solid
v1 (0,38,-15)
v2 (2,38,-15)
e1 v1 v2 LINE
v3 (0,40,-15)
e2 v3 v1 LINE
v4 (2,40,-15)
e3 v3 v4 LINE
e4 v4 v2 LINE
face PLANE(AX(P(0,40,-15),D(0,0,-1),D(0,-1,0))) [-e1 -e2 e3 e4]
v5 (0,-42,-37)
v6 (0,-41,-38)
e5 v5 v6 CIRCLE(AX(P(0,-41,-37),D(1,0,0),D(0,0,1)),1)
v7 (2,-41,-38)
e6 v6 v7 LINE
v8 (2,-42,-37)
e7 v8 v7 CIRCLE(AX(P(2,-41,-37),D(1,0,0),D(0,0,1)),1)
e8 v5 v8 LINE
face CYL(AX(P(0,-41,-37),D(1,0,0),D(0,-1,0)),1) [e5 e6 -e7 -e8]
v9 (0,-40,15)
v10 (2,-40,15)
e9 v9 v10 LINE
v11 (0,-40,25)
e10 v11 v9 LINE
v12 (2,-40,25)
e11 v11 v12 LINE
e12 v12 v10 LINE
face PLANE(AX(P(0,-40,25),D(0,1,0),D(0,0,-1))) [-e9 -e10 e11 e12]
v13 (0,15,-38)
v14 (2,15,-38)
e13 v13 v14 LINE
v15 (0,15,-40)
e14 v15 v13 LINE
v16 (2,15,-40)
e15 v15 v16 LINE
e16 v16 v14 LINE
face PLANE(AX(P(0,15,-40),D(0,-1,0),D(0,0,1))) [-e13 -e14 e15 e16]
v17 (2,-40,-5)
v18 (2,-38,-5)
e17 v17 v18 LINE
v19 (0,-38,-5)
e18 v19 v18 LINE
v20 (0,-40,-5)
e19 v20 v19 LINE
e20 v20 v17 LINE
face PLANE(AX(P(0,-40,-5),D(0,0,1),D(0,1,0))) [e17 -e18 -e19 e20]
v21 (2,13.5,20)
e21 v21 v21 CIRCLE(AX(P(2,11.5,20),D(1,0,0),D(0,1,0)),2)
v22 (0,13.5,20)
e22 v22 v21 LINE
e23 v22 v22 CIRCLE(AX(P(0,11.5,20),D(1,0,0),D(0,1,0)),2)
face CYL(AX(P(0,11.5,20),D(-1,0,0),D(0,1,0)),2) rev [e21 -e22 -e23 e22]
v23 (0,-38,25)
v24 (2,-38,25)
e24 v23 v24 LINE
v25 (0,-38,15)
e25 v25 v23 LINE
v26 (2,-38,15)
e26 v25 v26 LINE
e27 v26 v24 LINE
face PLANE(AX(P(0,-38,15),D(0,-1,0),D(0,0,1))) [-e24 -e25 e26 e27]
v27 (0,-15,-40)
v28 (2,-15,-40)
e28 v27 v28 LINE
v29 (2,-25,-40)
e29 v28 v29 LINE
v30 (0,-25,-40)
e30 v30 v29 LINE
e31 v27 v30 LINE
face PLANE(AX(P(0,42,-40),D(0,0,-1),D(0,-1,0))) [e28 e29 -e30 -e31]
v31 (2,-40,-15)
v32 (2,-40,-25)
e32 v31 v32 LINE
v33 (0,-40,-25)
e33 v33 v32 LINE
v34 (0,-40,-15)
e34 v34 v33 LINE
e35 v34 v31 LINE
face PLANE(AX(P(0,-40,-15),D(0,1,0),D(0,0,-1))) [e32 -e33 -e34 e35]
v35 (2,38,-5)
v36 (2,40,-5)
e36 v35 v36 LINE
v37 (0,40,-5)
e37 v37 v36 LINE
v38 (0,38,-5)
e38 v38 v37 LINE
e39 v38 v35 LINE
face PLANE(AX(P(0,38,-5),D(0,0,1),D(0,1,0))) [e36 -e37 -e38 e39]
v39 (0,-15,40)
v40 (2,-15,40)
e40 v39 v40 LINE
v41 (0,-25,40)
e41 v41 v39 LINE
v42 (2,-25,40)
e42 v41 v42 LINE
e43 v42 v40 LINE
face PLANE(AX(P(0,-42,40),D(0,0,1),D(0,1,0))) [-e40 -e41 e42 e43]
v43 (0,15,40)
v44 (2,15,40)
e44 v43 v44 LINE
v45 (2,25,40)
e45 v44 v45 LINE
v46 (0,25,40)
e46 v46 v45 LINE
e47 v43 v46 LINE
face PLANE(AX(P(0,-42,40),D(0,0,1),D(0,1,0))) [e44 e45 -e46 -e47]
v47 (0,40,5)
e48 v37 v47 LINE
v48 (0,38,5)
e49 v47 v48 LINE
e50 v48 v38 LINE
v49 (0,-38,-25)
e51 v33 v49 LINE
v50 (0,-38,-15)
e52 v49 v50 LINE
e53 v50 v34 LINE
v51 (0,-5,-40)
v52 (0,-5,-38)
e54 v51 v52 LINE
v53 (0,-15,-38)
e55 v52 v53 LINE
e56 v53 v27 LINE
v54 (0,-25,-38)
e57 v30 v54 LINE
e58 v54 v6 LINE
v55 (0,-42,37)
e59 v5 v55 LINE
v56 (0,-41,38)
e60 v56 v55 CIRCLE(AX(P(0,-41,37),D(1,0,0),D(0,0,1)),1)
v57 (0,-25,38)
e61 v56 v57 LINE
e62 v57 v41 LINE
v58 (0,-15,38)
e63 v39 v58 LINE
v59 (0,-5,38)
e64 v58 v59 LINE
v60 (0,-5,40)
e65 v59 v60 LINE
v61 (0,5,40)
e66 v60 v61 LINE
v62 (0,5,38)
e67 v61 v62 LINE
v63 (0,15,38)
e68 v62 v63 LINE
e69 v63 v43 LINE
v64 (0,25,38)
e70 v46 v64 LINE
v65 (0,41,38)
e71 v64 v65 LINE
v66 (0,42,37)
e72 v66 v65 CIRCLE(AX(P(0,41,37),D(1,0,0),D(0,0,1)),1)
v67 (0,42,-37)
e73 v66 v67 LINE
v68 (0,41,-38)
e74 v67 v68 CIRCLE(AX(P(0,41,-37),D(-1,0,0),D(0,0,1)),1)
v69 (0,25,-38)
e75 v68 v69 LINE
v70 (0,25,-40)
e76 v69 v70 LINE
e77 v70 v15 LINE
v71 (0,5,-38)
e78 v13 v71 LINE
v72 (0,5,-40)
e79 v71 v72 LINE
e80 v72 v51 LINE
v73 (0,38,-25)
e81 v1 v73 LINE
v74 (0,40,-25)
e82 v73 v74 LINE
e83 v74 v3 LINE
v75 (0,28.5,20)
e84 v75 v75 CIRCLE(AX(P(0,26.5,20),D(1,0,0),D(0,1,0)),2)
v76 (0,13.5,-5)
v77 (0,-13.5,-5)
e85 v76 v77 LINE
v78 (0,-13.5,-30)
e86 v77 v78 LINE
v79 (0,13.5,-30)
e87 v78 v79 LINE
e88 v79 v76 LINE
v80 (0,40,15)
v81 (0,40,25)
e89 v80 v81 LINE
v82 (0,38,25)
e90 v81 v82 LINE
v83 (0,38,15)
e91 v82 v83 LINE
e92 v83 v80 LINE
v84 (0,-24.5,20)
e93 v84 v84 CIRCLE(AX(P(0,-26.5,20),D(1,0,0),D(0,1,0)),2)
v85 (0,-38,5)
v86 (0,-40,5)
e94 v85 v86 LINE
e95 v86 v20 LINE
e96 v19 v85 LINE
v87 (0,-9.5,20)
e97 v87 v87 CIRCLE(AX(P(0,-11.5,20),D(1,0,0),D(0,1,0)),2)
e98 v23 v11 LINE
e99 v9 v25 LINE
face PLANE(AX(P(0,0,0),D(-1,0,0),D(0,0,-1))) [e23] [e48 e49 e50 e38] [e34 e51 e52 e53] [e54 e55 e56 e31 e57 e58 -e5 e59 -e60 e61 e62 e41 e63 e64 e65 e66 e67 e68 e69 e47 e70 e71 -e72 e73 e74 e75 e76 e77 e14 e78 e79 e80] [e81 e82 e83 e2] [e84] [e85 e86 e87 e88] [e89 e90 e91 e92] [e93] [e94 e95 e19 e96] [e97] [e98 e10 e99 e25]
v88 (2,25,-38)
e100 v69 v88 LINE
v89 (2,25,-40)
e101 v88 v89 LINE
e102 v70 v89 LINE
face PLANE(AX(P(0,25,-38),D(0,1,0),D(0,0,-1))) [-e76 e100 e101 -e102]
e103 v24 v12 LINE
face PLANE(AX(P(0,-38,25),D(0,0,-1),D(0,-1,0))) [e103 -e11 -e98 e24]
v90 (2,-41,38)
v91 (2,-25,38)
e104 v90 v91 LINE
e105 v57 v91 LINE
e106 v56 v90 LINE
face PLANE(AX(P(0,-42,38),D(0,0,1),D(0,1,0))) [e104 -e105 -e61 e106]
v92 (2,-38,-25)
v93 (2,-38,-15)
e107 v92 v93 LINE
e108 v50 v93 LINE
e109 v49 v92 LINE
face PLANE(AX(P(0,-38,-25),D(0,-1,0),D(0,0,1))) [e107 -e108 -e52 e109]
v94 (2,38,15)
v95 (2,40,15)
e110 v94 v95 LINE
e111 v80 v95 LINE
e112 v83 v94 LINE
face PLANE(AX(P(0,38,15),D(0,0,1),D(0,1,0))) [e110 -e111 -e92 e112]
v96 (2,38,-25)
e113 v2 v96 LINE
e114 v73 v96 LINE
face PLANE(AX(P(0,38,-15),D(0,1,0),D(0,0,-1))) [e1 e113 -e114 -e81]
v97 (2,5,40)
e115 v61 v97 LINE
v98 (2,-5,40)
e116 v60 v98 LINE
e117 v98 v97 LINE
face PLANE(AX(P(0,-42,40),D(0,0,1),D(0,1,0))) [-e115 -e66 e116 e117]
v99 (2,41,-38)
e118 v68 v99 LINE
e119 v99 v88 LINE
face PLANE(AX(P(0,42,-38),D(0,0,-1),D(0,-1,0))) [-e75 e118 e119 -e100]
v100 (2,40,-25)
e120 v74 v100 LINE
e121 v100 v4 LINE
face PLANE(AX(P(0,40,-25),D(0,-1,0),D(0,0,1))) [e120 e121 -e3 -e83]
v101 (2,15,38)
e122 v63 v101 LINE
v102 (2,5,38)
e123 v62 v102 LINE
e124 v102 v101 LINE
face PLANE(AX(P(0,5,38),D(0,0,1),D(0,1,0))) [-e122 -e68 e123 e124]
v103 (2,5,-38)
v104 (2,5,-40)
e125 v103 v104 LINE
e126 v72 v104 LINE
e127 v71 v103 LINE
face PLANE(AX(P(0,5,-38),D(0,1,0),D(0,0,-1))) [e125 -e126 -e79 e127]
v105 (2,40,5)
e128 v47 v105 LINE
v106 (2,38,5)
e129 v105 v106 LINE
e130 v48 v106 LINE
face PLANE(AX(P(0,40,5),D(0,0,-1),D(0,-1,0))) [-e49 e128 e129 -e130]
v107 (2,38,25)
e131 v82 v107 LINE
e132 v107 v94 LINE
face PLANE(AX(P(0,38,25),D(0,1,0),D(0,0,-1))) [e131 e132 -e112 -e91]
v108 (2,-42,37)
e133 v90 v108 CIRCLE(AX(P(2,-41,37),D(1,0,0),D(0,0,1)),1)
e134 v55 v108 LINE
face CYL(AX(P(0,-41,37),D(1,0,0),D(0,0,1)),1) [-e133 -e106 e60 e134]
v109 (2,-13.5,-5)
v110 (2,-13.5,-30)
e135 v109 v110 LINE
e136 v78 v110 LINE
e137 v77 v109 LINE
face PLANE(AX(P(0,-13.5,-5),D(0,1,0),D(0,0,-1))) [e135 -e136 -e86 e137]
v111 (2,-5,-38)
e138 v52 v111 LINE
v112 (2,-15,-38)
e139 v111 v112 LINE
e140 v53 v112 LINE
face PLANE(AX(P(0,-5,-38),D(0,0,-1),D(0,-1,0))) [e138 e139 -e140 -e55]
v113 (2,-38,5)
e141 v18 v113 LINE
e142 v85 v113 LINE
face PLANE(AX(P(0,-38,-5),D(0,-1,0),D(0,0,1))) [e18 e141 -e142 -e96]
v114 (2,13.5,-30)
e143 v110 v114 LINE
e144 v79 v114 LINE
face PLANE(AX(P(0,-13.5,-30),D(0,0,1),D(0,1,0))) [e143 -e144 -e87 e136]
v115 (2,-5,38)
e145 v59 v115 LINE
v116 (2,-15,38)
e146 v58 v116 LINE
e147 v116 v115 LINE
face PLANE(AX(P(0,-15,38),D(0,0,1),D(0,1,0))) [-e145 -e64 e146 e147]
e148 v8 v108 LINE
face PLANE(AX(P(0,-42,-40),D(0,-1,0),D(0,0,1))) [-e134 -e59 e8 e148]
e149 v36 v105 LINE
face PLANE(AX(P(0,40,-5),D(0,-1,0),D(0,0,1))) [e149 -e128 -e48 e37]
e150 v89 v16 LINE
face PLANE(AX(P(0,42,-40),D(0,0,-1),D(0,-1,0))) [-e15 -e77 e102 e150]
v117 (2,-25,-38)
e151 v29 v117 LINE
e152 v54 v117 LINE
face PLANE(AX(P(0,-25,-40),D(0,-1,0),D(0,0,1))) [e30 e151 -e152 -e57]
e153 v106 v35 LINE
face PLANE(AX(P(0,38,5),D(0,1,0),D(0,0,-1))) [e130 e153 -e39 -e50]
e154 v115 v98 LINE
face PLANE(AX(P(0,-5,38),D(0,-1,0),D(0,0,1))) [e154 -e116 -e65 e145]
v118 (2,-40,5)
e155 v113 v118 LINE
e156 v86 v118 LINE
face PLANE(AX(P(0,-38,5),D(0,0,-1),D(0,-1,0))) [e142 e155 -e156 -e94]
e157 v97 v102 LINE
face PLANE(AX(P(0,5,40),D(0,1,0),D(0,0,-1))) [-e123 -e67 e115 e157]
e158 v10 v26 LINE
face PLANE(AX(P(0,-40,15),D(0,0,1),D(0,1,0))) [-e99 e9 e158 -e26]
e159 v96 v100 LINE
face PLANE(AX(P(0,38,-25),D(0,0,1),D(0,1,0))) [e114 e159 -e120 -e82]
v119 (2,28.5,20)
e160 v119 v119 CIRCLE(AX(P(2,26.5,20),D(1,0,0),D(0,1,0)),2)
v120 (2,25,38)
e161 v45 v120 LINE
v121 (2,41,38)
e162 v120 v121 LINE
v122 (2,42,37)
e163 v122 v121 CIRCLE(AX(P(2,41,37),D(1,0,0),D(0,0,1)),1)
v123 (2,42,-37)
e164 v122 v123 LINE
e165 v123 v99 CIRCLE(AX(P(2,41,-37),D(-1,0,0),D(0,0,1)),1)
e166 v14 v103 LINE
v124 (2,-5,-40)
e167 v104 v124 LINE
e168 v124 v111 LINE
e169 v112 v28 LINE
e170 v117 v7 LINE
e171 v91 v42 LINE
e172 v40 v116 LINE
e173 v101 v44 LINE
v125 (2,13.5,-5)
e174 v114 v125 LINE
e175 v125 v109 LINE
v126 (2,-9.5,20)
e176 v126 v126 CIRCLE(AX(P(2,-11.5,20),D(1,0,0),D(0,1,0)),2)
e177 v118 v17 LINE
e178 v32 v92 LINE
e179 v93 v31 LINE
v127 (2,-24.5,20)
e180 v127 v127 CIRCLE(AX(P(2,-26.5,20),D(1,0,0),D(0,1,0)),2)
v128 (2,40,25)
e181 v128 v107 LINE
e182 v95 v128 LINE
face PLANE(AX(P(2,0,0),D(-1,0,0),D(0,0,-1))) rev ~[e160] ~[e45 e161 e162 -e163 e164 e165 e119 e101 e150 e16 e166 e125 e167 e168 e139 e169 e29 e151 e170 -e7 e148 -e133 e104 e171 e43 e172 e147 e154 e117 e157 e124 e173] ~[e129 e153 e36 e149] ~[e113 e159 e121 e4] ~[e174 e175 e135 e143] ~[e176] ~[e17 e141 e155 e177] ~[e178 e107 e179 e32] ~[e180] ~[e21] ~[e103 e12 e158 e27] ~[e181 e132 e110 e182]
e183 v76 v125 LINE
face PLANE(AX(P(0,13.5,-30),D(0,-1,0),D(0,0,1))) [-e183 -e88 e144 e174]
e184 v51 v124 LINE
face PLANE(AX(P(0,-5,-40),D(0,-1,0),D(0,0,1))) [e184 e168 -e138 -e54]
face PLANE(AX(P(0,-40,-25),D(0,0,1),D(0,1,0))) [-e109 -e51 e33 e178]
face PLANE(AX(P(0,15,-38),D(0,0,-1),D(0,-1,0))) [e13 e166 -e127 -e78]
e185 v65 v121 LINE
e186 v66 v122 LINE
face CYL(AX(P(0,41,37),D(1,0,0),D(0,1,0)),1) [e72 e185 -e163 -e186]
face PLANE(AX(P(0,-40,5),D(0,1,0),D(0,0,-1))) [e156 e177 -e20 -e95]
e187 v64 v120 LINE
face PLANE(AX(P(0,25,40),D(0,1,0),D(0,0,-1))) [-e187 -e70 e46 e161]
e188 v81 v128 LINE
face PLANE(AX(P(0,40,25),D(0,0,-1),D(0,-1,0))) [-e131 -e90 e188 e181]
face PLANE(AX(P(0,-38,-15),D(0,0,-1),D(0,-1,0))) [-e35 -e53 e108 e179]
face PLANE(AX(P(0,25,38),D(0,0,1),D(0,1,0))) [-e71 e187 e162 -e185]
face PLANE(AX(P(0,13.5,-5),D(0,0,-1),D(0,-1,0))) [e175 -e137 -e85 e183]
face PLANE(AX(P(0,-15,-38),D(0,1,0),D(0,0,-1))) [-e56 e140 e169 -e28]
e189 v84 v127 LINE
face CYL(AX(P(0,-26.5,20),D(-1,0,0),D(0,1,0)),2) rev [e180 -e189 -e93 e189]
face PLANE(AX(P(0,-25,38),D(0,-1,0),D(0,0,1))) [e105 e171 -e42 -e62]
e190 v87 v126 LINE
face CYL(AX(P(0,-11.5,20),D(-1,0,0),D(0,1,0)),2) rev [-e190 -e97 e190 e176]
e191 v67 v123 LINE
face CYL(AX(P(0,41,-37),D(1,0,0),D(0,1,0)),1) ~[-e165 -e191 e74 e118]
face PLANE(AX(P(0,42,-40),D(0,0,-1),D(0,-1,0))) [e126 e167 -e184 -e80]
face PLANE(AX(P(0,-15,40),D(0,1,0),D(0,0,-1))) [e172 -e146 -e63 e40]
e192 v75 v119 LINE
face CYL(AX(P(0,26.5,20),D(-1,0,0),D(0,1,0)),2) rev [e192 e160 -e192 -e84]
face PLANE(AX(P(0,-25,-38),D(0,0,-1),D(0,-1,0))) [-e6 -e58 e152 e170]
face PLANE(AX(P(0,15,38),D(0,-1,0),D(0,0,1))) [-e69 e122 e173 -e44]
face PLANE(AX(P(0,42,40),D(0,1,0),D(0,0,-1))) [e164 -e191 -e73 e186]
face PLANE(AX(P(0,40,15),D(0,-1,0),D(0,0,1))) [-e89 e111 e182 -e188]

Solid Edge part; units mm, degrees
sketch "Sketch1" plane through (0, 0, 0) normal (1, 0, 0) x (0, 1, 0)
  line L0 (42, 40) -> (42, -40)
  line L1 (42, -40) -> (-42, -40)
  line L2 (-42, -40) -> (-42, 40)
  line L3 (-42, 40) -> (42, 40)
extrude "Protrusion1" add sketch "Sketch1" along normal blind 2
sketch "Sketch2" plane through (0, 0, 0) normal (1, 0, 0) x (0, 1, 0)
  line L0 (-42, 38) -> (-25, 38)
  line L1 (-25, 38) -> (-25, 40)
  line L2 (-25, 40) -> (-42, 40)
  line L3 (-42, 40) -> (-42, 38)
  line L4 (-5, 40) -> (-15, 40)
  line L5 (-15, 40) -> (-15, 38)
  line L6 (-15, 38) -> (-5, 38)
  line L7 (-5, 38) -> (-5, 40)
  line L8 (15, 40) -> (5, 40)
  line L9 (5, 40) -> (5, 38)
  line L10 (5, 38) -> (15, 38)
  line L11 (15, 38) -> (15, 40)
  line L12 (42, 40) -> (25, 40)
  line L13 (25, 40) -> (25, 38)
  line L14 (25, 38) -> (42, 38)
  line L15 (42, 38) -> (42, 40)
  line L16 (38, 25) -> (38, 15)
  line L17 (38, 15) -> (40, 15)
  line L18 (40, 15) -> (40, 25)
  line L19 (40, 25) -> (38, 25)
  line L20 (38, 5) -> (38, -5)
  line L21 (38, -5) -> (40, -5)
  line L22 (40, -5) -> (40, 5)
  line L23 (40, 5) -> (38, 5)
  line L24 (38, -15) -> (38, -25)
  line L25 (38, -25) -> (40, -25)
  line L26 (40, -25) -> (40, -15)
  line L27 (40, -15) -> (38, -15)
  line L28 (42, -38) -> (25, -38)
  line L29 (25, -38) -> (25, -40)
  line L30 (25, -40) -> (42, -40)
  line L31 (42, -40) -> (42, -38)
  line L32 (15, -38) -> (5, -38)
  line L33 (5, -38) -> (5, -40)
  line L34 (5, -40) -> (15, -40)
  line L35 (15, -40) -> (15, -38)
  line L36 (-5, -38) -> (-15, -38)
  line L37 (-15, -38) -> (-15, -40)
  line L38 (-15, -40) -> (-5, -40)
  line L39 (-5, -40) -> (-5, -38)
  line L40 (-25, -38) -> (-42, -38)
  line L41 (-42, -38) -> (-42, -40)
  line L42 (-42, -40) -> (-25, -40)
  line L43 (-25, -40) -> (-25, -38)
  line L44 (-38, -25) -> (-38, -15)
  line L45 (-38, -15) -> (-40, -15)
  line L46 (-40, -15) -> (-40, -25)
  line L47 (-40, -25) -> (-38, -25)
  line L48 (-38, 5) -> (-40, 5)
  line L49 (-40, 5) -> (-40, -5)
  line L50 (-40, -5) -> (-38, -5)
  line L51 (-38, -5) -> (-38, 5)
  line L52 (-40, 15) -> (-38, 15)
  line L53 (-38, 15) -> (-38, 25)
  line L54 (-38, 25) -> (-40, 25)
  line L55 (-40, 25) -> (-40, 15)
  dimension "D1" = 17
  dimension "D2" = 2
  dimension "D3" = 17
  dimension "D4" = 2
  dimension "D5" = 17
  dimension "D6" = 2
  dimension "D7" = 17
  dimension "D8" = 2
  dimension "D9" = 10
  dimension "D10" = 2
  dimension "D11" = 10
  dimension "D12" = 2
  dimension "D13" = 10
  dimension "D14" = 2
  dimension "D15" = 2
  dimension "D16" = 10
  dimension "D17" = 2
  dimension "D18" = 10
  dimension "D19" = 2
  dimension "D20" = 10
  dimension "D21" = 2
  dimension "D22" = 10
  dimension "D23" = 2
  dimension "D24" = 10
  dimension "D25" = 2
  dimension "D26" = 10
  dimension "D27" = 10
  dimension "D28" = 2
  dimension "D29" = 10
  dimension "D30" = 10
  dimension "D31" = 10
  dimension "D32" = 15
  dimension "D33" = 2
  dimension "D34" = 2
  dimension "D35" = 2
  dimension "D36" = 15
  dimension "D37" = 10
  dimension "D38" = 10
  dimension "D39" = 10
  dimension "D40" = 10
  dimension "D41" = 10
  dimension "D42" = 2
  dimension "D43" = 15
  dimension "D44" = 2
  dimension "D45" = 10
  dimension "D46" = 15
  dimension "D47" = 2
  dimension "D48" = 10
extrude "Cutout1" cut sketch "Sketch2" along normal blind 2
sketch "Sketch3" plane through (0, 0, 0) normal (1, 0, 0) x (0, 1, 0)
  circle A0 centre (-26.5, 20) radius 2
  circle A1 centre (-11.5, 20) radius 2
  circle A2 centre (11.5, 20) radius 2
  circle A3 centre (26.5, 20) radius 2
  line L0 (13.5, -5) -> (-13.5, -5)
  line L1 (-13.5, -5) -> (-13.5, -30)
  line L2 (-13.5, -30) -> (13.5, -30)
  line L3 (13.5, -30) -> (13.5, -5)
  dimension "D1" = 4
  dimension "D2" = 4
  dimension "D3" = 4
  dimension "D4" = 4
  dimension "D5" = 15
  dimension "D6" = 11.5
  dimension "D7" = 11.5
  dimension "D8" = 15
  dimension "D9" = 11.5
  dimension "D10" = 20
  dimension "D11" = 27
  dimension "D12" = 25
  dimension "D13" = 5
  dimension "D14" = 8
extrude "ExtrudedCutout_13" cut sketch "Sketch3" along normal blind 2
fillet "Round_1" radius 1 4 edges at (1, -42, -38) (1, 42, -38) (1, 42, 38) (1, -42, 38)
properties material "Acrylic, high impact grade"
